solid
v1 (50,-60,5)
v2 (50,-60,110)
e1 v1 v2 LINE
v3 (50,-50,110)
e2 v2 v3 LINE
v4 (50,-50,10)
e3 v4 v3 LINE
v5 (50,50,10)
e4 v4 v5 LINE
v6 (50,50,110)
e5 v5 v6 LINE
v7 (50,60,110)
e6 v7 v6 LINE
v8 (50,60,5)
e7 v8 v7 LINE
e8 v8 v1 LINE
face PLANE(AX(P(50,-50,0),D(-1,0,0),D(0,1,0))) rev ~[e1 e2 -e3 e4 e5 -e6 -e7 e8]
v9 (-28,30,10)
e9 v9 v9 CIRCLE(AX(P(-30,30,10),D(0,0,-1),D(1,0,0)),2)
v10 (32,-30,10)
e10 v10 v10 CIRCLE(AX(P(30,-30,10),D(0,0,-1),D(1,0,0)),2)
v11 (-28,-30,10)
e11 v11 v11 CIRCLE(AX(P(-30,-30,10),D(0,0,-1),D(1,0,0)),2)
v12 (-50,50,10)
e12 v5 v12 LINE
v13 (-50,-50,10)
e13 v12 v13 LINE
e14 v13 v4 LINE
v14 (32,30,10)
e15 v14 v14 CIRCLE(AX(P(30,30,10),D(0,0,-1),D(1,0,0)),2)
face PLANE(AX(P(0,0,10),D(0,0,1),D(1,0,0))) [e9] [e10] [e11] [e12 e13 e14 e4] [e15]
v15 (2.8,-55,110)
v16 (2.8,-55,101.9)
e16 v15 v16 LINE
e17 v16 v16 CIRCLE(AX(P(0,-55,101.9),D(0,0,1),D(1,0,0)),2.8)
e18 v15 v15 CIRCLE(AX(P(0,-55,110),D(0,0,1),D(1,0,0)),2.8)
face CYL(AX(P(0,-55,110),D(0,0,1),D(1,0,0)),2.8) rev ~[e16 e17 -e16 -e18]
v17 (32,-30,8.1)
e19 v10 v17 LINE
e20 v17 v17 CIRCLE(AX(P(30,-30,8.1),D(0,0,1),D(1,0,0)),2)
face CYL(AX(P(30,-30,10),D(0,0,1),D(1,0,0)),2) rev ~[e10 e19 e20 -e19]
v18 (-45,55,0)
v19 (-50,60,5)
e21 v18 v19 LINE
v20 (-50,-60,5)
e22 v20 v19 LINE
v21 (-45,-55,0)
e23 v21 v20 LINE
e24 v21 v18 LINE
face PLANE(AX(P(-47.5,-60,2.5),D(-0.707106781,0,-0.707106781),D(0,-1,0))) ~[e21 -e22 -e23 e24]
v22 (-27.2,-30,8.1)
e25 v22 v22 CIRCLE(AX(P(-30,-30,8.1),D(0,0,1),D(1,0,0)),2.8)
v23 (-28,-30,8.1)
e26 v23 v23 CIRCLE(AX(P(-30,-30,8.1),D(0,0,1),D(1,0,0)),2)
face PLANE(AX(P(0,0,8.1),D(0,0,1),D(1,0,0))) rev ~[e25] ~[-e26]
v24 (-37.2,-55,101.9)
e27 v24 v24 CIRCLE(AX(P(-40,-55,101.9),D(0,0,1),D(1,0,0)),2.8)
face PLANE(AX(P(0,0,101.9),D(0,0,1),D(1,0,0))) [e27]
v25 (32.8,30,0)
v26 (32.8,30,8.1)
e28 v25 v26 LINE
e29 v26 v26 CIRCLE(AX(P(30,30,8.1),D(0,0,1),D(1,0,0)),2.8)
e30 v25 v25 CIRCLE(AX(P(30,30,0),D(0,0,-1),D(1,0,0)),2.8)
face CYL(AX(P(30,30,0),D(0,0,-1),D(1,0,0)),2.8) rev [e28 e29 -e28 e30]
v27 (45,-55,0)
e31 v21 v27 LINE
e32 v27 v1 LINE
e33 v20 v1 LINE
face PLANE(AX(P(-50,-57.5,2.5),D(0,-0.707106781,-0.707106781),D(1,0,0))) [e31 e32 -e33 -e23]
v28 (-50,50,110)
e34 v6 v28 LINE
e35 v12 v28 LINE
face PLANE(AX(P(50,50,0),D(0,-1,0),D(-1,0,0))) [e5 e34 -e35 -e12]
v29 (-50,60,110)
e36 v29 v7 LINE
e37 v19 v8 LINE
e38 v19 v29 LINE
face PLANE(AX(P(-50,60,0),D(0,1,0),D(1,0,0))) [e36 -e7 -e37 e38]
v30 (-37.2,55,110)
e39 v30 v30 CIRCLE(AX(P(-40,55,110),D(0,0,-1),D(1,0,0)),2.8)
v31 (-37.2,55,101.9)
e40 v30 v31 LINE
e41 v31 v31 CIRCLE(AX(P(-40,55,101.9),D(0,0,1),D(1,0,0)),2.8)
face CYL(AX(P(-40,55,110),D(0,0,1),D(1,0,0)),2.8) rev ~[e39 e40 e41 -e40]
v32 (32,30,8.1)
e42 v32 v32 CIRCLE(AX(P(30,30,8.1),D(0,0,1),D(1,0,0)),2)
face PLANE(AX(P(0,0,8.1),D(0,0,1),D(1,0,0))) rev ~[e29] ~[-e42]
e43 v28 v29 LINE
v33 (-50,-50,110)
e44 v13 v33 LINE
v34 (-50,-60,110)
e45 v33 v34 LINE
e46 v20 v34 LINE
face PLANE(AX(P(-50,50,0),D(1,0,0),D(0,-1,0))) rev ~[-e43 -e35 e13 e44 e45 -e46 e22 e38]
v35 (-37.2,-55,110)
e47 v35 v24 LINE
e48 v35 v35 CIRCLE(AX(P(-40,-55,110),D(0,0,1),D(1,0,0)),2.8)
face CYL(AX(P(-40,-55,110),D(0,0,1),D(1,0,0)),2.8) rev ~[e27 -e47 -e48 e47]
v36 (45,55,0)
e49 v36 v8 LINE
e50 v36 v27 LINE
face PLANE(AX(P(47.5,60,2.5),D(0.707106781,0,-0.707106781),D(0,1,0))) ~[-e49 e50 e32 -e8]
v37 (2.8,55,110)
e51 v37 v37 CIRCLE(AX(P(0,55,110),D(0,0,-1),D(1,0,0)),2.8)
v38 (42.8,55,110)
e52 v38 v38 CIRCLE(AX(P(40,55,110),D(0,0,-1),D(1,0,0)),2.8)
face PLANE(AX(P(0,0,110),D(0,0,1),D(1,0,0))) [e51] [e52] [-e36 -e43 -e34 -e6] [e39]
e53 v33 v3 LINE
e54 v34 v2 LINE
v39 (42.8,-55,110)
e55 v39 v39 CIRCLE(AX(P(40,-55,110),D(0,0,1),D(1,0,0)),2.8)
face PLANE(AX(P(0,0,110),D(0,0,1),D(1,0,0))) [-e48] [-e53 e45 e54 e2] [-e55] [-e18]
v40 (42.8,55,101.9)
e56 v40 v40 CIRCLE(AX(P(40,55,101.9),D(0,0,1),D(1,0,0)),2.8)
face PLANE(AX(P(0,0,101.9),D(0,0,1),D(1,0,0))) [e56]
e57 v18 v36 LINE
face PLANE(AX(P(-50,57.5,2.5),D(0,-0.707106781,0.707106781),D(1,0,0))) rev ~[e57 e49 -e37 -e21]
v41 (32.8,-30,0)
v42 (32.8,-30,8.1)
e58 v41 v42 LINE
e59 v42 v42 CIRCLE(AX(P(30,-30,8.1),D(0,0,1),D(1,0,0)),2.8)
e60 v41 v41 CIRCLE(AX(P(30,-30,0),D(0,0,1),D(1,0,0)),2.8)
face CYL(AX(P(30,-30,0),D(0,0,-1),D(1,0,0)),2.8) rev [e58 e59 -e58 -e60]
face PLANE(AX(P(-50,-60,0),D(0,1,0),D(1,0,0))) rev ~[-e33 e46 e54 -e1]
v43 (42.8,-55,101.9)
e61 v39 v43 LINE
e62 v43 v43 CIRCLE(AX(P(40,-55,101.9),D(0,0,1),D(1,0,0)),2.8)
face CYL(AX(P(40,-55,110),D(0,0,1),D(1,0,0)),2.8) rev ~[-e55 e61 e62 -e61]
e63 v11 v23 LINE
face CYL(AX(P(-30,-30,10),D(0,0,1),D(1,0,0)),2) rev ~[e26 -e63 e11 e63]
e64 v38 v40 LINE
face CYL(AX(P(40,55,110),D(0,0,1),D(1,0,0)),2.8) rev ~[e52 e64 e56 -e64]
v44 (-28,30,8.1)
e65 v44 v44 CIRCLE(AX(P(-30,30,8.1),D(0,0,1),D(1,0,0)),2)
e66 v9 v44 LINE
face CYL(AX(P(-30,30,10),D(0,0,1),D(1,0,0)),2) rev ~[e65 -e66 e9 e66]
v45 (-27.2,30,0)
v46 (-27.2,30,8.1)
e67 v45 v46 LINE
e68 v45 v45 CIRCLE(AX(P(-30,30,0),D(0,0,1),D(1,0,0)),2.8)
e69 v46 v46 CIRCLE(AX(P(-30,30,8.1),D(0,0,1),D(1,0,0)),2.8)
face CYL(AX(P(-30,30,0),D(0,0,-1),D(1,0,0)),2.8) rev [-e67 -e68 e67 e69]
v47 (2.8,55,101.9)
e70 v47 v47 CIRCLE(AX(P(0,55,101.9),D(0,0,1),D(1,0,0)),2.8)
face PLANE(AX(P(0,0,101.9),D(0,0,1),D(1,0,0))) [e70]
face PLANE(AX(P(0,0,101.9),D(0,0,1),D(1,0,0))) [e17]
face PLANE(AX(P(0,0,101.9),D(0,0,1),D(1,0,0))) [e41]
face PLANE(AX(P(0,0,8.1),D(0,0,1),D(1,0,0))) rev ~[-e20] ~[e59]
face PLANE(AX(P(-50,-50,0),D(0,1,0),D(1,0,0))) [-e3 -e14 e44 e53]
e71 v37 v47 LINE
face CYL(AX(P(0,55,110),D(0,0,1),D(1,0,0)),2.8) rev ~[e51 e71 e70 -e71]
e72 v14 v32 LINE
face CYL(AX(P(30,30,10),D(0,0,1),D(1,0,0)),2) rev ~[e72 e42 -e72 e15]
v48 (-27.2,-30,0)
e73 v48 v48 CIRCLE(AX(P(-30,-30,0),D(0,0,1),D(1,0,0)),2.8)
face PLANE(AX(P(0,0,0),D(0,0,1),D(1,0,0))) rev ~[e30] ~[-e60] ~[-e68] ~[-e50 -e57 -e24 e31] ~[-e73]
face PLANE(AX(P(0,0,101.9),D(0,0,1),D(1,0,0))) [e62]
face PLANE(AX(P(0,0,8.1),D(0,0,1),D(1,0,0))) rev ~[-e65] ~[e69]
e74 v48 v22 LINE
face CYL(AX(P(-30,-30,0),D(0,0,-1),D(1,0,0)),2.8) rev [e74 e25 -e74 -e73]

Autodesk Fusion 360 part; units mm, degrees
sketch "Sketch1" plane through (0, 0, 0) normal (0, 0, 1) x (1, 0, 0)
  line L0 (30, 30) -> (-30, 30)
  line L1 (-30, 30) -> (-30, -30)
  line L2 (-30, -30) -> (30, -30)
  line L3 (30, -30) -> (30, 30)
  line L4 (30, 30) -> (-30, -30) construction
  line L5 (-30, 30) -> (30, -30) construction
  circle A0 centre (-30, 30) radius 2.8
  circle A1 centre (30, 30) radius 2.8
  circle A2 centre (-30, -30) radius 2.8
  circle A3 centre (30, -30) radius 2.8
  line L6 (50, 50) -> (-50, 50)
  line L7 (-50, 50) -> (-50, -50)
  line L8 (-50, -50) -> (50, -50)
  line L9 (50, -50) -> (50, 50)
  line L10 (50, 50) -> (-50, -50) construction
  line L11 (-50, 50) -> (50, -50) construction
  line L12 (50, 50) -> (-50, 50)
  line L13 (-50, 50) -> (-50, 60)
  line L14 (-50, 60) -> (50, 60)
  line L15 (50, 60) -> (50, 50)
  line L16 (50, -50) -> (-50, -50)
  line L17 (-50, -50) -> (-50, -60)
  line L18 (-50, -60) -> (50, -60)
  line L19 (50, -60) -> (50, -50)
  circle A4 centre (-30, 30) radius 2
  circle A5 centre (30, 30) radius 2
  circle A6 centre (-30, -30) radius 2
  circle A7 centre (30, -30) radius 2
  dimension "d1" = 60
  dimension "d2" = 60
  dimension "d3" = 5.6
  dimension "d6" = 60
  dimension "d7" = -60
  dimension "d8" = 100
  dimension "d9" = 100
  dimension "d12" = 100
  dimension "d13" = 10
  dimension "d14" = 100
  dimension "d15" = 10
  dimension "d26" = 4
extrude "Extrude1" add sketch "Sketch1" along normal blind 10 contours L0 L1 L2 L3 A0 A1 A2 A3 | L6 L7 L8 L9 L12 L16 makes body 1
extrude "Extrude2" add sketch "Sketch1" along normal blind 110 contours L6 L12 L13 L14 L15 | L8 L16 L17 L18 L19 bodies 1
sketch "Sketch2" plane through (0, 0, 110) normal (0, 0, 1) x (1, 0, 0)
  line L0 (50, 60) -> (-50, 60)
  line L1 (-50, 60) -> (-50, 50)
  line L2 (-50, 50) -> (50, 50)
  line L3 (50, 50) -> (50, 60)
  circle A0 centre (-40, 55) radius 2.8
  line L4 (-50, 55) -> (50, 55)
  circle A1 centre (0, 55) radius 2.8
  circle A2 centre (40, 55) radius 2.8
  circle A3 centre (-40, -55) radius 2.8
  circle A4 centre (0, -55) radius 2.8
  circle A5 centre (40, -55) radius 2.8
  line L5 (-50, 60) -> (50, 60)
  line L6 (50, 60) -> (50, -60)
  line L7 (50, -60) -> (-50, -60)
  line L8 (-50, -60) -> (-50, 60)
  circle A6 centre (-40, 55) radius 2.25
  circle A7 centre (0, 55) radius 2.25
  circle A8 centre (40, 55) radius 2.25
  circle A9 centre (-40, -55) radius 2.25
  circle A10 centre (0, -55) radius 2.25
  circle A11 centre (40, -55) radius 2.25
  dimension "d18" = 5.6
  dimension "d19" = 10
  dimension "d22" = 40
  dimension "d23" = -110
  dimension "d30" = 120
  dimension "d31" = 100
  dimension "d32" = 4.5
extrude "Extrude3" cut sketch "Sketch2" against normal blind 8.1 contours L4 A2 A8 | L4 A2 A8 | A0 L4 A6 | A0 L4 A6 | L4 A8 | L4 A8 | L4 A6 | L4 A6 | L4 A1 A7 | L4 A1 A7 | L4 A7 | L4 A7 | A3 | A4 | A5 | A9 | A10 | A11 bodies 1
extrude "Extrude4" add sketch "Sketch1" against normal blind 1.9 from surface at 10 contours L0 L1 A0 A4 | L0 L1 A0 A4 | L0 L3 A1 A5 | L0 L3 A1 A5 | L1 L2 A2 A6 | L1 L2 A2 A6 | L2 L3 A3 A7 | L2 L3 A3 A7 bodies 1
extrude "Extrude5" add sketch "Sketch2" along normal blind 12 separate body contours L0 L1 L3 A0 L4 A1 A2 L5 L6 L8 | L1 L2 L3 A0 L4 A1 A2 L6 L8 | L2 L6 L7 L8 | L4 A2 A8 | L4 A2 A8 | A0 L4 A6 | A0 L4 A6 | L4 A1 A7 | L4 A1 A7 | A3 | A4 | A5 makes body 2
chamfer "Chamfer1" distance 5 angle 45 4 edges at (-50, 0, 0) (0, 60, 0) (50, 0, 0) (0, -60, 0) on bodies 1
hidden bodies 2
